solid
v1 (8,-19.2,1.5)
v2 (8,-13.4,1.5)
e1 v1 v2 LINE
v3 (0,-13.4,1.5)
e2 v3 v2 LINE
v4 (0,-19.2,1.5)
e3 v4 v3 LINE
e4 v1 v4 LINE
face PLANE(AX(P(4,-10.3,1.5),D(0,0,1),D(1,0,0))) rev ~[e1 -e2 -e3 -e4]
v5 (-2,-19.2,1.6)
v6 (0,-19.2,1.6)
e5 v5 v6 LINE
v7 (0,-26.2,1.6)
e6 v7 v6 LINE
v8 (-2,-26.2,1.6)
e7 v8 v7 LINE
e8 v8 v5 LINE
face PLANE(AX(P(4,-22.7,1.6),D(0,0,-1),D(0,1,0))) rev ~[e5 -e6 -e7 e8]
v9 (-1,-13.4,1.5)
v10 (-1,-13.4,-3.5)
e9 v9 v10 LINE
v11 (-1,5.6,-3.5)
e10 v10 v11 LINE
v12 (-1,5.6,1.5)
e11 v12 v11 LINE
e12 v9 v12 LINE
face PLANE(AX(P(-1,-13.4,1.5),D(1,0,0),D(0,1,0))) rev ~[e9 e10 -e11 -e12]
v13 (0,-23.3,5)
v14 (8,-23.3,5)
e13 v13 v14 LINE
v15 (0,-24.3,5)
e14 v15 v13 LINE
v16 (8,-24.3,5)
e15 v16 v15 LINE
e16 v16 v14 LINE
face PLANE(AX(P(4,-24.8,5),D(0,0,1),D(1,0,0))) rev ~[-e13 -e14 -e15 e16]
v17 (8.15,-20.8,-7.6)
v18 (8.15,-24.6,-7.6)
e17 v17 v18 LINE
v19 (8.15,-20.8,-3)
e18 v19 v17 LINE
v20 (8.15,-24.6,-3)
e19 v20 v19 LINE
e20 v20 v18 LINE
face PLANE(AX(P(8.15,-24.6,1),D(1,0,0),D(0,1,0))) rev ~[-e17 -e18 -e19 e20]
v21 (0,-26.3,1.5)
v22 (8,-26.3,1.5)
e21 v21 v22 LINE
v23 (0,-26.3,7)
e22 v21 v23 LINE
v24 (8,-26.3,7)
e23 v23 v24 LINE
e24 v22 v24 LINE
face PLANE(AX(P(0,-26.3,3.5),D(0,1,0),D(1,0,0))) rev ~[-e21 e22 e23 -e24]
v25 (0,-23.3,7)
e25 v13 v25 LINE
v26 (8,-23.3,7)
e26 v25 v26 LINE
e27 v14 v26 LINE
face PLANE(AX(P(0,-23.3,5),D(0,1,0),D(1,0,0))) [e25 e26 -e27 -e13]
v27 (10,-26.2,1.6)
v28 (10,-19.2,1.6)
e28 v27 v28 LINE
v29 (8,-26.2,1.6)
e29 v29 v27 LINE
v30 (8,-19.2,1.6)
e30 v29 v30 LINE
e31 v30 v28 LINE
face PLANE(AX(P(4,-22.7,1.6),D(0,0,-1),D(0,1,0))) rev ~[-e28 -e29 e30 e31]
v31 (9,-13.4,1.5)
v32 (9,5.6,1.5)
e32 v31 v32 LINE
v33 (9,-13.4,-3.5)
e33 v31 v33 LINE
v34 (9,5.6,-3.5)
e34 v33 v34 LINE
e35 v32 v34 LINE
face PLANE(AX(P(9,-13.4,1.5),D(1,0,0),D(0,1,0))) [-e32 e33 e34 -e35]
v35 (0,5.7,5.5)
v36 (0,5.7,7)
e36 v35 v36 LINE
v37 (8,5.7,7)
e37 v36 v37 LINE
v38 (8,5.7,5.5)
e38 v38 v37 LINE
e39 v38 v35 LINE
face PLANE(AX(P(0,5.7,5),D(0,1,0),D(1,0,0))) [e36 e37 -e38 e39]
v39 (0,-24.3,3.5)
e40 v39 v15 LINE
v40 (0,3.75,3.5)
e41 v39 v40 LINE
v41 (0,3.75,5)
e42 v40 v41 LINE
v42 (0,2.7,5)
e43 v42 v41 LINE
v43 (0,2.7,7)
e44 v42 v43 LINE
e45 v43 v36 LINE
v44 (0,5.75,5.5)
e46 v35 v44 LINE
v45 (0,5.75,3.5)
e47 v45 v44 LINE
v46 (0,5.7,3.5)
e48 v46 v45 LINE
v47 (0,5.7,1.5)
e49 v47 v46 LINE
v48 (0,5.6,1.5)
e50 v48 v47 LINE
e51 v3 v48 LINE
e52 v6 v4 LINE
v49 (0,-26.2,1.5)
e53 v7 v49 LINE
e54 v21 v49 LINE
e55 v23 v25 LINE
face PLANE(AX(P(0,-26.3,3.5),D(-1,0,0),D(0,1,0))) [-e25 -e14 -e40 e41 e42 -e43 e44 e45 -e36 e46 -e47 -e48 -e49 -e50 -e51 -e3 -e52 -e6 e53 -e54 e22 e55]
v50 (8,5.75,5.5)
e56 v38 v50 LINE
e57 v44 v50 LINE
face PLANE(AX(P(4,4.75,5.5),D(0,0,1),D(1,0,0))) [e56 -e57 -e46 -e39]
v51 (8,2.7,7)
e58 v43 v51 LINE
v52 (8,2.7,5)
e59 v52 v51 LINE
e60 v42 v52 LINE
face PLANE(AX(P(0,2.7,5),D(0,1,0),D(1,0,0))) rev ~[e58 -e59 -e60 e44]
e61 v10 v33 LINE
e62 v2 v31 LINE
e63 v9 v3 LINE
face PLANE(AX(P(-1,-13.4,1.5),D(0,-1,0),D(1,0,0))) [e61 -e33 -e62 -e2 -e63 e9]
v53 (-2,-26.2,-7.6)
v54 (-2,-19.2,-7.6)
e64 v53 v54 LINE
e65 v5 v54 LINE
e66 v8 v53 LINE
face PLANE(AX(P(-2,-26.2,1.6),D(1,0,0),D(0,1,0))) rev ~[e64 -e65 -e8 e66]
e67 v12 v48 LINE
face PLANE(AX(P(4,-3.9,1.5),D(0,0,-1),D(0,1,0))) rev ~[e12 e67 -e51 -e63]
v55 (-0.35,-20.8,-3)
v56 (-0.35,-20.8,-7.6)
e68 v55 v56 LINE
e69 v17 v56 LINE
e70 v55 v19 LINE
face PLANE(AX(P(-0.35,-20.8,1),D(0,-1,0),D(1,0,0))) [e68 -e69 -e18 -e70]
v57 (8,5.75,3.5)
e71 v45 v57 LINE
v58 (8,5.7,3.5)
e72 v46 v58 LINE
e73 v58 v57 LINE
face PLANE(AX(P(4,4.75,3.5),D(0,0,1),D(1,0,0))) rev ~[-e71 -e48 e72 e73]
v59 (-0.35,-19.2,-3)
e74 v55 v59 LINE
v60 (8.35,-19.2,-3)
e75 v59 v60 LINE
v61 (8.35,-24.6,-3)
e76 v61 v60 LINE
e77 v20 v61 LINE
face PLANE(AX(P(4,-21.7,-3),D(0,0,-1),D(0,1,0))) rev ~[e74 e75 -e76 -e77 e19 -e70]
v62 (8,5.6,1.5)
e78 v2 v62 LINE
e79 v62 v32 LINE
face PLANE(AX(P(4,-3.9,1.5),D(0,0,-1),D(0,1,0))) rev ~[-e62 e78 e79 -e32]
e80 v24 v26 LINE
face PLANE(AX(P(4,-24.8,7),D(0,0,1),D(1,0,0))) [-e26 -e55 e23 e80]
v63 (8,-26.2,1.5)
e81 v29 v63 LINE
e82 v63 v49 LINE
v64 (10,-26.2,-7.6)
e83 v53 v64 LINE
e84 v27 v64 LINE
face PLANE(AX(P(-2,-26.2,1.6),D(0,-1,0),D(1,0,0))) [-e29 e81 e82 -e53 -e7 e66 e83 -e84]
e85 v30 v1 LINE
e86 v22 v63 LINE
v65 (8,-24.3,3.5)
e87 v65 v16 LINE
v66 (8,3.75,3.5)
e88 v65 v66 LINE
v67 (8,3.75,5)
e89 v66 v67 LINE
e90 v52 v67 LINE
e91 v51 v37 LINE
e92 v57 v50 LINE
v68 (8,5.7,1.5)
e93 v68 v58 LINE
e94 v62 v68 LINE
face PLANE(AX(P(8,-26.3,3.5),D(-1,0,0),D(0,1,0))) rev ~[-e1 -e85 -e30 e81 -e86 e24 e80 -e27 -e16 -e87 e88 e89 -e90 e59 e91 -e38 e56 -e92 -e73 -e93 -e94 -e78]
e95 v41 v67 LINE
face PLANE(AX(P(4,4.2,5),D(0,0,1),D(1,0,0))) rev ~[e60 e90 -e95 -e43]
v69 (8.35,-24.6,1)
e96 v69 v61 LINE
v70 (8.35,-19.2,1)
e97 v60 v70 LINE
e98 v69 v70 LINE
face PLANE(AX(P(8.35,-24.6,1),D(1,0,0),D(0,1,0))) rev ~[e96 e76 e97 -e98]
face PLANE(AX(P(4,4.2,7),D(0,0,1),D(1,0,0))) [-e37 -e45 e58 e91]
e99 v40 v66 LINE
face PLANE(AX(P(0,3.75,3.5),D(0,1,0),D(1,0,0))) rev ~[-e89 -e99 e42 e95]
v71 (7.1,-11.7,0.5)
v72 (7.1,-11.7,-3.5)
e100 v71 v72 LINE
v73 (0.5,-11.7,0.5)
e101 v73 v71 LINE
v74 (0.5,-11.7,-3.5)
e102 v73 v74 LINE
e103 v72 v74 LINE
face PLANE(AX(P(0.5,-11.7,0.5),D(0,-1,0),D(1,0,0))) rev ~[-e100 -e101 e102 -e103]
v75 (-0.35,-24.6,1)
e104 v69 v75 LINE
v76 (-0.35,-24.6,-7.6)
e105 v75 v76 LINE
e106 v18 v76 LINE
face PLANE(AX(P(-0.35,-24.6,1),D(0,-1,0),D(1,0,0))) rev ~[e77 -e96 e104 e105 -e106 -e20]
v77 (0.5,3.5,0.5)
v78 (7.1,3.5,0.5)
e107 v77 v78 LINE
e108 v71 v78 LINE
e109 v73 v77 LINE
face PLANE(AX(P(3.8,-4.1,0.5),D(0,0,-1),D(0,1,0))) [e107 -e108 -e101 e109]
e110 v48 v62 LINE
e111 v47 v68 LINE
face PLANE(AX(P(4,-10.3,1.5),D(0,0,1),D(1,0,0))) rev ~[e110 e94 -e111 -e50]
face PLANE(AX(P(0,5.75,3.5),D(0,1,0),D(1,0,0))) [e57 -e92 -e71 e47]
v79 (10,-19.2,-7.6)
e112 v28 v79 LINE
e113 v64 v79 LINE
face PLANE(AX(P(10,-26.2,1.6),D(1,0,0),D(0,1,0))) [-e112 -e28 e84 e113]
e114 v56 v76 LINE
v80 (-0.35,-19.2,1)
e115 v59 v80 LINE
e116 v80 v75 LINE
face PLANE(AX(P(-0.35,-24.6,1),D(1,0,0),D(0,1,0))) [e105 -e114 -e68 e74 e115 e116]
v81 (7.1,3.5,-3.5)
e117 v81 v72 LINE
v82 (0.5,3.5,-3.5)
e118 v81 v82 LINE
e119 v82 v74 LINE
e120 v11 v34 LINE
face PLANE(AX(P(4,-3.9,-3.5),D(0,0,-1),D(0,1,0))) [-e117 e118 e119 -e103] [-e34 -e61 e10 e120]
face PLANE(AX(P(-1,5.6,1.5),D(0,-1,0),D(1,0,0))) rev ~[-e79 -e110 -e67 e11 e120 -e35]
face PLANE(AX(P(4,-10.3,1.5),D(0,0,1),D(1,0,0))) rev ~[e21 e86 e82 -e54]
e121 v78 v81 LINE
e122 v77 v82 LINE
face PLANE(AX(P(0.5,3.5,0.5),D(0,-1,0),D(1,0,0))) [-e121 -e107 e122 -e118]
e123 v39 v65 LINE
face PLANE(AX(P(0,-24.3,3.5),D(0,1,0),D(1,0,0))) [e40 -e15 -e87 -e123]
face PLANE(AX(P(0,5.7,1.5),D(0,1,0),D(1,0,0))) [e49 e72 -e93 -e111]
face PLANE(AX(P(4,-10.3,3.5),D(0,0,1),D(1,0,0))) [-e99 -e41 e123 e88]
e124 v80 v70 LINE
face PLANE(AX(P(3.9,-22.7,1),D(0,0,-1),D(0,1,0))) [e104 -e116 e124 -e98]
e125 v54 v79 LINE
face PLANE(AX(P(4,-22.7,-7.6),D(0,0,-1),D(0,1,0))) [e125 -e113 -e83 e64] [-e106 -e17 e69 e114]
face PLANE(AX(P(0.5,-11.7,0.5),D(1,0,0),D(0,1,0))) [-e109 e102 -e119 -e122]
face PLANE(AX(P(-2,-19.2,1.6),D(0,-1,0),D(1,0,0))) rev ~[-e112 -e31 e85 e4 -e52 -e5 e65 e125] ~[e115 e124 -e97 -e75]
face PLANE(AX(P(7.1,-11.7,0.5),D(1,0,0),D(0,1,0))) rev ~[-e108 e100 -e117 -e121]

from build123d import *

# Parameters (mm, degrees)
BOX018_W               = 5.8
BOX018_H               = 8.7
BOX018_DEPTH           = 4
BOX019_W               = 1.6
BOX019_H               = 3.6
BOX019_DEPTH           = 8.5
BOX016_W               = 3.8
BOX016_H               = 8.5
BOX016_DEPTH           = 9.3
BOX017_W               = 7
BOX017_H               = 12
BOX017_DEPTH           = 9.2
CUT002_ROLL_ANGLE      = 180
CUT002_PLACEMENT_ANGLE = 90
BOX010_W               = 8
BOX010_H               = 3
BOX010_DEPTH           = 2
BOX009_W               = 8
BOX009_H               = 2
BOX009_DEPTH           = 2
BOX011_W               = 8
BOX011_H               = 2
BOX011_DEPTH           = 2
BOX012_W               = 8
BOX012_H               = 3
BOX012_DEPTH           = 2
BOX013_W               = 8
BOX013_H               = 32
BOX013_DEPTH           = 2
BOX014_W               = 15.2
BOX014_H               = 6.6
BOX014_DEPTH           = 4.5
BOX015_W               = 19
BOX015_H               = 10
BOX015_DEPTH           = 5
CUT001_ROLL_ANGLE      = 180
CUT001_PLACEMENT_ANGLE = 90


with BuildPart() as cube017:
    # Box018 → Box018 (new body)
    with BuildSketch(Plane.XY):
        with Locations((2.9, 4.35)):
            Rectangle(BOX018_W, BOX018_H)
    extrude(amount=BOX018_DEPTH)


with BuildPart() as cube018:
    # Box019 → Box019 (new body)
    with BuildSketch(Plane(origin=(1.1, 2.5, 1), x_dir=(1, 0, 0), z_dir=(0, 0, 1))):
        with Locations((0.8, 1.8)):
            Rectangle(BOX019_W, BOX019_H)
    extrude(amount=BOX019_DEPTH)


with BuildPart() as fusion008:
    # Box016 → Box016 (new body)
    with BuildSketch(Plane.XY):
        with Locations((1.9, 4.25)):
            Rectangle(BOX016_W, BOX016_H)
    extrude(amount=BOX016_DEPTH)

    # Fusion008: union Cube017, Cube018
    add(cube017.part)
    add(cube018.part)


with BuildPart() as cut002:
    # Box017 → Box017 (new body)
    with BuildSketch(Plane(origin=(-1.6, -1.65, -0.6), x_dir=(1, 0, 0), z_dir=(0, 0, 1))):
        with Locations((3.5, 6)):
            Rectangle(BOX017_W, BOX017_H)
    extrude(amount=BOX017_DEPTH)

    # Cut002: cut Fusion008
    add(fusion008.part, mode=Mode.SUBTRACT)


with BuildPart() as cut002_1:
    # Cut002 roll: moved
    add(cut002.part.rotate(Axis((0, 0, 0), (1, 0, 0)), CUT002_ROLL_ANGLE))


with BuildPart() as cut002_2:
    # Cut002 placement: moved
    add(cut002_1.part.moved(Location((-0.35, -24.6, 1))).rotate(Axis((-0.35, -24.6, 1), (0, 0, 1)), CUT002_PLACEMENT_ANGLE))


with BuildPart() as cube010:
    # Box010 → Box010 (new body)
    with BuildSketch(Plane(origin=(0, 2.7, 5), x_dir=(1, 0, 0), z_dir=(0, 0, 1))):
        with Locations((4, 1.5)):
            Rectangle(BOX010_W, BOX010_H)
    extrude(amount=BOX010_DEPTH)


with BuildPart() as fusion006:
    # Box009 → Box009 (new body)
    with BuildSketch(Plane(origin=(0, 3.75, 3.5), x_dir=(1, 0, 0), z_dir=(0, 0, 1))):
        with Locations((4, 1)):
            Rectangle(BOX009_W, BOX009_H)
    extrude(amount=BOX009_DEPTH)

    # Fusion006: union Cube010
    add(cube010.part)


with BuildPart() as cube011:
    # Box011 → Box011 (new body)
    with BuildSketch(Plane(origin=(0, -26.3, 3.5), x_dir=(1, 0, 0), z_dir=(0, 0, 1))):
        with Locations((4, 1)):
            Rectangle(BOX011_W, BOX011_H)
    extrude(amount=BOX011_DEPTH)


with BuildPart() as fusion005:
    # Box012 → Box012 (new body)
    with BuildSketch(Plane(origin=(0, -26.3, 5), x_dir=(1, 0, 0), z_dir=(0, 0, 1))):
        with Locations((4, 1.5)):
            Rectangle(BOX012_W, BOX012_H)
    extrude(amount=BOX012_DEPTH)

    # Fusion005: union Cube011
    add(cube011.part)


with BuildPart() as fusion007:
    # Box013 → Box013 (new body)
    with BuildSketch(Plane(origin=(0, -26.3, 1.5), x_dir=(1, 0, 0), z_dir=(0, 0, 1))):
        with Locations((4, 16)):
            Rectangle(BOX013_W, BOX013_H)
    extrude(amount=BOX013_DEPTH)

    # Fusion007: union Fusion006, Fusion005
    add(fusion006.part)
    add(fusion005.part)


with BuildPart() as converter:
    # Box014 → Box014 (new body)
    with BuildSketch(Plane.XY):
        with Locations((7.6, 3.3)):
            Rectangle(BOX014_W, BOX014_H)
    extrude(amount=BOX014_DEPTH)


with BuildPart() as fusion009:
    # Box015 → Box015 (new body)
    with BuildSketch(Plane(origin=(-1.7, -1.5, -1), x_dir=(1, 0, 0), z_dir=(0, 0, 1))):
        with Locations((9.5, 5)):
            Rectangle(BOX015_W, BOX015_H)
    extrude(amount=BOX015_DEPTH)

    # Cut001: cut converter
    add(converter.part, mode=Mode.SUBTRACT)


with BuildPart() as fusion009_1:
    # Cut001 roll: moved
    add(fusion009.part.rotate(Axis((0, 0, 0), (1, 0, 0)), CUT001_ROLL_ANGLE))


with BuildPart() as fusion009_2:
    # Cut001 placement: moved
    add(fusion009_1.part.moved(Location((0.5, -11.7, 0.5))).rotate(Axis((0.5, -11.7, 0.5), (0, 0, 1)), CUT001_PLACEMENT_ANGLE))

    # Fusion009: union Cut002, Fusion007
    add(cut002_2.part)
    add(fusion007.part)


solid = fusion009_2.part
